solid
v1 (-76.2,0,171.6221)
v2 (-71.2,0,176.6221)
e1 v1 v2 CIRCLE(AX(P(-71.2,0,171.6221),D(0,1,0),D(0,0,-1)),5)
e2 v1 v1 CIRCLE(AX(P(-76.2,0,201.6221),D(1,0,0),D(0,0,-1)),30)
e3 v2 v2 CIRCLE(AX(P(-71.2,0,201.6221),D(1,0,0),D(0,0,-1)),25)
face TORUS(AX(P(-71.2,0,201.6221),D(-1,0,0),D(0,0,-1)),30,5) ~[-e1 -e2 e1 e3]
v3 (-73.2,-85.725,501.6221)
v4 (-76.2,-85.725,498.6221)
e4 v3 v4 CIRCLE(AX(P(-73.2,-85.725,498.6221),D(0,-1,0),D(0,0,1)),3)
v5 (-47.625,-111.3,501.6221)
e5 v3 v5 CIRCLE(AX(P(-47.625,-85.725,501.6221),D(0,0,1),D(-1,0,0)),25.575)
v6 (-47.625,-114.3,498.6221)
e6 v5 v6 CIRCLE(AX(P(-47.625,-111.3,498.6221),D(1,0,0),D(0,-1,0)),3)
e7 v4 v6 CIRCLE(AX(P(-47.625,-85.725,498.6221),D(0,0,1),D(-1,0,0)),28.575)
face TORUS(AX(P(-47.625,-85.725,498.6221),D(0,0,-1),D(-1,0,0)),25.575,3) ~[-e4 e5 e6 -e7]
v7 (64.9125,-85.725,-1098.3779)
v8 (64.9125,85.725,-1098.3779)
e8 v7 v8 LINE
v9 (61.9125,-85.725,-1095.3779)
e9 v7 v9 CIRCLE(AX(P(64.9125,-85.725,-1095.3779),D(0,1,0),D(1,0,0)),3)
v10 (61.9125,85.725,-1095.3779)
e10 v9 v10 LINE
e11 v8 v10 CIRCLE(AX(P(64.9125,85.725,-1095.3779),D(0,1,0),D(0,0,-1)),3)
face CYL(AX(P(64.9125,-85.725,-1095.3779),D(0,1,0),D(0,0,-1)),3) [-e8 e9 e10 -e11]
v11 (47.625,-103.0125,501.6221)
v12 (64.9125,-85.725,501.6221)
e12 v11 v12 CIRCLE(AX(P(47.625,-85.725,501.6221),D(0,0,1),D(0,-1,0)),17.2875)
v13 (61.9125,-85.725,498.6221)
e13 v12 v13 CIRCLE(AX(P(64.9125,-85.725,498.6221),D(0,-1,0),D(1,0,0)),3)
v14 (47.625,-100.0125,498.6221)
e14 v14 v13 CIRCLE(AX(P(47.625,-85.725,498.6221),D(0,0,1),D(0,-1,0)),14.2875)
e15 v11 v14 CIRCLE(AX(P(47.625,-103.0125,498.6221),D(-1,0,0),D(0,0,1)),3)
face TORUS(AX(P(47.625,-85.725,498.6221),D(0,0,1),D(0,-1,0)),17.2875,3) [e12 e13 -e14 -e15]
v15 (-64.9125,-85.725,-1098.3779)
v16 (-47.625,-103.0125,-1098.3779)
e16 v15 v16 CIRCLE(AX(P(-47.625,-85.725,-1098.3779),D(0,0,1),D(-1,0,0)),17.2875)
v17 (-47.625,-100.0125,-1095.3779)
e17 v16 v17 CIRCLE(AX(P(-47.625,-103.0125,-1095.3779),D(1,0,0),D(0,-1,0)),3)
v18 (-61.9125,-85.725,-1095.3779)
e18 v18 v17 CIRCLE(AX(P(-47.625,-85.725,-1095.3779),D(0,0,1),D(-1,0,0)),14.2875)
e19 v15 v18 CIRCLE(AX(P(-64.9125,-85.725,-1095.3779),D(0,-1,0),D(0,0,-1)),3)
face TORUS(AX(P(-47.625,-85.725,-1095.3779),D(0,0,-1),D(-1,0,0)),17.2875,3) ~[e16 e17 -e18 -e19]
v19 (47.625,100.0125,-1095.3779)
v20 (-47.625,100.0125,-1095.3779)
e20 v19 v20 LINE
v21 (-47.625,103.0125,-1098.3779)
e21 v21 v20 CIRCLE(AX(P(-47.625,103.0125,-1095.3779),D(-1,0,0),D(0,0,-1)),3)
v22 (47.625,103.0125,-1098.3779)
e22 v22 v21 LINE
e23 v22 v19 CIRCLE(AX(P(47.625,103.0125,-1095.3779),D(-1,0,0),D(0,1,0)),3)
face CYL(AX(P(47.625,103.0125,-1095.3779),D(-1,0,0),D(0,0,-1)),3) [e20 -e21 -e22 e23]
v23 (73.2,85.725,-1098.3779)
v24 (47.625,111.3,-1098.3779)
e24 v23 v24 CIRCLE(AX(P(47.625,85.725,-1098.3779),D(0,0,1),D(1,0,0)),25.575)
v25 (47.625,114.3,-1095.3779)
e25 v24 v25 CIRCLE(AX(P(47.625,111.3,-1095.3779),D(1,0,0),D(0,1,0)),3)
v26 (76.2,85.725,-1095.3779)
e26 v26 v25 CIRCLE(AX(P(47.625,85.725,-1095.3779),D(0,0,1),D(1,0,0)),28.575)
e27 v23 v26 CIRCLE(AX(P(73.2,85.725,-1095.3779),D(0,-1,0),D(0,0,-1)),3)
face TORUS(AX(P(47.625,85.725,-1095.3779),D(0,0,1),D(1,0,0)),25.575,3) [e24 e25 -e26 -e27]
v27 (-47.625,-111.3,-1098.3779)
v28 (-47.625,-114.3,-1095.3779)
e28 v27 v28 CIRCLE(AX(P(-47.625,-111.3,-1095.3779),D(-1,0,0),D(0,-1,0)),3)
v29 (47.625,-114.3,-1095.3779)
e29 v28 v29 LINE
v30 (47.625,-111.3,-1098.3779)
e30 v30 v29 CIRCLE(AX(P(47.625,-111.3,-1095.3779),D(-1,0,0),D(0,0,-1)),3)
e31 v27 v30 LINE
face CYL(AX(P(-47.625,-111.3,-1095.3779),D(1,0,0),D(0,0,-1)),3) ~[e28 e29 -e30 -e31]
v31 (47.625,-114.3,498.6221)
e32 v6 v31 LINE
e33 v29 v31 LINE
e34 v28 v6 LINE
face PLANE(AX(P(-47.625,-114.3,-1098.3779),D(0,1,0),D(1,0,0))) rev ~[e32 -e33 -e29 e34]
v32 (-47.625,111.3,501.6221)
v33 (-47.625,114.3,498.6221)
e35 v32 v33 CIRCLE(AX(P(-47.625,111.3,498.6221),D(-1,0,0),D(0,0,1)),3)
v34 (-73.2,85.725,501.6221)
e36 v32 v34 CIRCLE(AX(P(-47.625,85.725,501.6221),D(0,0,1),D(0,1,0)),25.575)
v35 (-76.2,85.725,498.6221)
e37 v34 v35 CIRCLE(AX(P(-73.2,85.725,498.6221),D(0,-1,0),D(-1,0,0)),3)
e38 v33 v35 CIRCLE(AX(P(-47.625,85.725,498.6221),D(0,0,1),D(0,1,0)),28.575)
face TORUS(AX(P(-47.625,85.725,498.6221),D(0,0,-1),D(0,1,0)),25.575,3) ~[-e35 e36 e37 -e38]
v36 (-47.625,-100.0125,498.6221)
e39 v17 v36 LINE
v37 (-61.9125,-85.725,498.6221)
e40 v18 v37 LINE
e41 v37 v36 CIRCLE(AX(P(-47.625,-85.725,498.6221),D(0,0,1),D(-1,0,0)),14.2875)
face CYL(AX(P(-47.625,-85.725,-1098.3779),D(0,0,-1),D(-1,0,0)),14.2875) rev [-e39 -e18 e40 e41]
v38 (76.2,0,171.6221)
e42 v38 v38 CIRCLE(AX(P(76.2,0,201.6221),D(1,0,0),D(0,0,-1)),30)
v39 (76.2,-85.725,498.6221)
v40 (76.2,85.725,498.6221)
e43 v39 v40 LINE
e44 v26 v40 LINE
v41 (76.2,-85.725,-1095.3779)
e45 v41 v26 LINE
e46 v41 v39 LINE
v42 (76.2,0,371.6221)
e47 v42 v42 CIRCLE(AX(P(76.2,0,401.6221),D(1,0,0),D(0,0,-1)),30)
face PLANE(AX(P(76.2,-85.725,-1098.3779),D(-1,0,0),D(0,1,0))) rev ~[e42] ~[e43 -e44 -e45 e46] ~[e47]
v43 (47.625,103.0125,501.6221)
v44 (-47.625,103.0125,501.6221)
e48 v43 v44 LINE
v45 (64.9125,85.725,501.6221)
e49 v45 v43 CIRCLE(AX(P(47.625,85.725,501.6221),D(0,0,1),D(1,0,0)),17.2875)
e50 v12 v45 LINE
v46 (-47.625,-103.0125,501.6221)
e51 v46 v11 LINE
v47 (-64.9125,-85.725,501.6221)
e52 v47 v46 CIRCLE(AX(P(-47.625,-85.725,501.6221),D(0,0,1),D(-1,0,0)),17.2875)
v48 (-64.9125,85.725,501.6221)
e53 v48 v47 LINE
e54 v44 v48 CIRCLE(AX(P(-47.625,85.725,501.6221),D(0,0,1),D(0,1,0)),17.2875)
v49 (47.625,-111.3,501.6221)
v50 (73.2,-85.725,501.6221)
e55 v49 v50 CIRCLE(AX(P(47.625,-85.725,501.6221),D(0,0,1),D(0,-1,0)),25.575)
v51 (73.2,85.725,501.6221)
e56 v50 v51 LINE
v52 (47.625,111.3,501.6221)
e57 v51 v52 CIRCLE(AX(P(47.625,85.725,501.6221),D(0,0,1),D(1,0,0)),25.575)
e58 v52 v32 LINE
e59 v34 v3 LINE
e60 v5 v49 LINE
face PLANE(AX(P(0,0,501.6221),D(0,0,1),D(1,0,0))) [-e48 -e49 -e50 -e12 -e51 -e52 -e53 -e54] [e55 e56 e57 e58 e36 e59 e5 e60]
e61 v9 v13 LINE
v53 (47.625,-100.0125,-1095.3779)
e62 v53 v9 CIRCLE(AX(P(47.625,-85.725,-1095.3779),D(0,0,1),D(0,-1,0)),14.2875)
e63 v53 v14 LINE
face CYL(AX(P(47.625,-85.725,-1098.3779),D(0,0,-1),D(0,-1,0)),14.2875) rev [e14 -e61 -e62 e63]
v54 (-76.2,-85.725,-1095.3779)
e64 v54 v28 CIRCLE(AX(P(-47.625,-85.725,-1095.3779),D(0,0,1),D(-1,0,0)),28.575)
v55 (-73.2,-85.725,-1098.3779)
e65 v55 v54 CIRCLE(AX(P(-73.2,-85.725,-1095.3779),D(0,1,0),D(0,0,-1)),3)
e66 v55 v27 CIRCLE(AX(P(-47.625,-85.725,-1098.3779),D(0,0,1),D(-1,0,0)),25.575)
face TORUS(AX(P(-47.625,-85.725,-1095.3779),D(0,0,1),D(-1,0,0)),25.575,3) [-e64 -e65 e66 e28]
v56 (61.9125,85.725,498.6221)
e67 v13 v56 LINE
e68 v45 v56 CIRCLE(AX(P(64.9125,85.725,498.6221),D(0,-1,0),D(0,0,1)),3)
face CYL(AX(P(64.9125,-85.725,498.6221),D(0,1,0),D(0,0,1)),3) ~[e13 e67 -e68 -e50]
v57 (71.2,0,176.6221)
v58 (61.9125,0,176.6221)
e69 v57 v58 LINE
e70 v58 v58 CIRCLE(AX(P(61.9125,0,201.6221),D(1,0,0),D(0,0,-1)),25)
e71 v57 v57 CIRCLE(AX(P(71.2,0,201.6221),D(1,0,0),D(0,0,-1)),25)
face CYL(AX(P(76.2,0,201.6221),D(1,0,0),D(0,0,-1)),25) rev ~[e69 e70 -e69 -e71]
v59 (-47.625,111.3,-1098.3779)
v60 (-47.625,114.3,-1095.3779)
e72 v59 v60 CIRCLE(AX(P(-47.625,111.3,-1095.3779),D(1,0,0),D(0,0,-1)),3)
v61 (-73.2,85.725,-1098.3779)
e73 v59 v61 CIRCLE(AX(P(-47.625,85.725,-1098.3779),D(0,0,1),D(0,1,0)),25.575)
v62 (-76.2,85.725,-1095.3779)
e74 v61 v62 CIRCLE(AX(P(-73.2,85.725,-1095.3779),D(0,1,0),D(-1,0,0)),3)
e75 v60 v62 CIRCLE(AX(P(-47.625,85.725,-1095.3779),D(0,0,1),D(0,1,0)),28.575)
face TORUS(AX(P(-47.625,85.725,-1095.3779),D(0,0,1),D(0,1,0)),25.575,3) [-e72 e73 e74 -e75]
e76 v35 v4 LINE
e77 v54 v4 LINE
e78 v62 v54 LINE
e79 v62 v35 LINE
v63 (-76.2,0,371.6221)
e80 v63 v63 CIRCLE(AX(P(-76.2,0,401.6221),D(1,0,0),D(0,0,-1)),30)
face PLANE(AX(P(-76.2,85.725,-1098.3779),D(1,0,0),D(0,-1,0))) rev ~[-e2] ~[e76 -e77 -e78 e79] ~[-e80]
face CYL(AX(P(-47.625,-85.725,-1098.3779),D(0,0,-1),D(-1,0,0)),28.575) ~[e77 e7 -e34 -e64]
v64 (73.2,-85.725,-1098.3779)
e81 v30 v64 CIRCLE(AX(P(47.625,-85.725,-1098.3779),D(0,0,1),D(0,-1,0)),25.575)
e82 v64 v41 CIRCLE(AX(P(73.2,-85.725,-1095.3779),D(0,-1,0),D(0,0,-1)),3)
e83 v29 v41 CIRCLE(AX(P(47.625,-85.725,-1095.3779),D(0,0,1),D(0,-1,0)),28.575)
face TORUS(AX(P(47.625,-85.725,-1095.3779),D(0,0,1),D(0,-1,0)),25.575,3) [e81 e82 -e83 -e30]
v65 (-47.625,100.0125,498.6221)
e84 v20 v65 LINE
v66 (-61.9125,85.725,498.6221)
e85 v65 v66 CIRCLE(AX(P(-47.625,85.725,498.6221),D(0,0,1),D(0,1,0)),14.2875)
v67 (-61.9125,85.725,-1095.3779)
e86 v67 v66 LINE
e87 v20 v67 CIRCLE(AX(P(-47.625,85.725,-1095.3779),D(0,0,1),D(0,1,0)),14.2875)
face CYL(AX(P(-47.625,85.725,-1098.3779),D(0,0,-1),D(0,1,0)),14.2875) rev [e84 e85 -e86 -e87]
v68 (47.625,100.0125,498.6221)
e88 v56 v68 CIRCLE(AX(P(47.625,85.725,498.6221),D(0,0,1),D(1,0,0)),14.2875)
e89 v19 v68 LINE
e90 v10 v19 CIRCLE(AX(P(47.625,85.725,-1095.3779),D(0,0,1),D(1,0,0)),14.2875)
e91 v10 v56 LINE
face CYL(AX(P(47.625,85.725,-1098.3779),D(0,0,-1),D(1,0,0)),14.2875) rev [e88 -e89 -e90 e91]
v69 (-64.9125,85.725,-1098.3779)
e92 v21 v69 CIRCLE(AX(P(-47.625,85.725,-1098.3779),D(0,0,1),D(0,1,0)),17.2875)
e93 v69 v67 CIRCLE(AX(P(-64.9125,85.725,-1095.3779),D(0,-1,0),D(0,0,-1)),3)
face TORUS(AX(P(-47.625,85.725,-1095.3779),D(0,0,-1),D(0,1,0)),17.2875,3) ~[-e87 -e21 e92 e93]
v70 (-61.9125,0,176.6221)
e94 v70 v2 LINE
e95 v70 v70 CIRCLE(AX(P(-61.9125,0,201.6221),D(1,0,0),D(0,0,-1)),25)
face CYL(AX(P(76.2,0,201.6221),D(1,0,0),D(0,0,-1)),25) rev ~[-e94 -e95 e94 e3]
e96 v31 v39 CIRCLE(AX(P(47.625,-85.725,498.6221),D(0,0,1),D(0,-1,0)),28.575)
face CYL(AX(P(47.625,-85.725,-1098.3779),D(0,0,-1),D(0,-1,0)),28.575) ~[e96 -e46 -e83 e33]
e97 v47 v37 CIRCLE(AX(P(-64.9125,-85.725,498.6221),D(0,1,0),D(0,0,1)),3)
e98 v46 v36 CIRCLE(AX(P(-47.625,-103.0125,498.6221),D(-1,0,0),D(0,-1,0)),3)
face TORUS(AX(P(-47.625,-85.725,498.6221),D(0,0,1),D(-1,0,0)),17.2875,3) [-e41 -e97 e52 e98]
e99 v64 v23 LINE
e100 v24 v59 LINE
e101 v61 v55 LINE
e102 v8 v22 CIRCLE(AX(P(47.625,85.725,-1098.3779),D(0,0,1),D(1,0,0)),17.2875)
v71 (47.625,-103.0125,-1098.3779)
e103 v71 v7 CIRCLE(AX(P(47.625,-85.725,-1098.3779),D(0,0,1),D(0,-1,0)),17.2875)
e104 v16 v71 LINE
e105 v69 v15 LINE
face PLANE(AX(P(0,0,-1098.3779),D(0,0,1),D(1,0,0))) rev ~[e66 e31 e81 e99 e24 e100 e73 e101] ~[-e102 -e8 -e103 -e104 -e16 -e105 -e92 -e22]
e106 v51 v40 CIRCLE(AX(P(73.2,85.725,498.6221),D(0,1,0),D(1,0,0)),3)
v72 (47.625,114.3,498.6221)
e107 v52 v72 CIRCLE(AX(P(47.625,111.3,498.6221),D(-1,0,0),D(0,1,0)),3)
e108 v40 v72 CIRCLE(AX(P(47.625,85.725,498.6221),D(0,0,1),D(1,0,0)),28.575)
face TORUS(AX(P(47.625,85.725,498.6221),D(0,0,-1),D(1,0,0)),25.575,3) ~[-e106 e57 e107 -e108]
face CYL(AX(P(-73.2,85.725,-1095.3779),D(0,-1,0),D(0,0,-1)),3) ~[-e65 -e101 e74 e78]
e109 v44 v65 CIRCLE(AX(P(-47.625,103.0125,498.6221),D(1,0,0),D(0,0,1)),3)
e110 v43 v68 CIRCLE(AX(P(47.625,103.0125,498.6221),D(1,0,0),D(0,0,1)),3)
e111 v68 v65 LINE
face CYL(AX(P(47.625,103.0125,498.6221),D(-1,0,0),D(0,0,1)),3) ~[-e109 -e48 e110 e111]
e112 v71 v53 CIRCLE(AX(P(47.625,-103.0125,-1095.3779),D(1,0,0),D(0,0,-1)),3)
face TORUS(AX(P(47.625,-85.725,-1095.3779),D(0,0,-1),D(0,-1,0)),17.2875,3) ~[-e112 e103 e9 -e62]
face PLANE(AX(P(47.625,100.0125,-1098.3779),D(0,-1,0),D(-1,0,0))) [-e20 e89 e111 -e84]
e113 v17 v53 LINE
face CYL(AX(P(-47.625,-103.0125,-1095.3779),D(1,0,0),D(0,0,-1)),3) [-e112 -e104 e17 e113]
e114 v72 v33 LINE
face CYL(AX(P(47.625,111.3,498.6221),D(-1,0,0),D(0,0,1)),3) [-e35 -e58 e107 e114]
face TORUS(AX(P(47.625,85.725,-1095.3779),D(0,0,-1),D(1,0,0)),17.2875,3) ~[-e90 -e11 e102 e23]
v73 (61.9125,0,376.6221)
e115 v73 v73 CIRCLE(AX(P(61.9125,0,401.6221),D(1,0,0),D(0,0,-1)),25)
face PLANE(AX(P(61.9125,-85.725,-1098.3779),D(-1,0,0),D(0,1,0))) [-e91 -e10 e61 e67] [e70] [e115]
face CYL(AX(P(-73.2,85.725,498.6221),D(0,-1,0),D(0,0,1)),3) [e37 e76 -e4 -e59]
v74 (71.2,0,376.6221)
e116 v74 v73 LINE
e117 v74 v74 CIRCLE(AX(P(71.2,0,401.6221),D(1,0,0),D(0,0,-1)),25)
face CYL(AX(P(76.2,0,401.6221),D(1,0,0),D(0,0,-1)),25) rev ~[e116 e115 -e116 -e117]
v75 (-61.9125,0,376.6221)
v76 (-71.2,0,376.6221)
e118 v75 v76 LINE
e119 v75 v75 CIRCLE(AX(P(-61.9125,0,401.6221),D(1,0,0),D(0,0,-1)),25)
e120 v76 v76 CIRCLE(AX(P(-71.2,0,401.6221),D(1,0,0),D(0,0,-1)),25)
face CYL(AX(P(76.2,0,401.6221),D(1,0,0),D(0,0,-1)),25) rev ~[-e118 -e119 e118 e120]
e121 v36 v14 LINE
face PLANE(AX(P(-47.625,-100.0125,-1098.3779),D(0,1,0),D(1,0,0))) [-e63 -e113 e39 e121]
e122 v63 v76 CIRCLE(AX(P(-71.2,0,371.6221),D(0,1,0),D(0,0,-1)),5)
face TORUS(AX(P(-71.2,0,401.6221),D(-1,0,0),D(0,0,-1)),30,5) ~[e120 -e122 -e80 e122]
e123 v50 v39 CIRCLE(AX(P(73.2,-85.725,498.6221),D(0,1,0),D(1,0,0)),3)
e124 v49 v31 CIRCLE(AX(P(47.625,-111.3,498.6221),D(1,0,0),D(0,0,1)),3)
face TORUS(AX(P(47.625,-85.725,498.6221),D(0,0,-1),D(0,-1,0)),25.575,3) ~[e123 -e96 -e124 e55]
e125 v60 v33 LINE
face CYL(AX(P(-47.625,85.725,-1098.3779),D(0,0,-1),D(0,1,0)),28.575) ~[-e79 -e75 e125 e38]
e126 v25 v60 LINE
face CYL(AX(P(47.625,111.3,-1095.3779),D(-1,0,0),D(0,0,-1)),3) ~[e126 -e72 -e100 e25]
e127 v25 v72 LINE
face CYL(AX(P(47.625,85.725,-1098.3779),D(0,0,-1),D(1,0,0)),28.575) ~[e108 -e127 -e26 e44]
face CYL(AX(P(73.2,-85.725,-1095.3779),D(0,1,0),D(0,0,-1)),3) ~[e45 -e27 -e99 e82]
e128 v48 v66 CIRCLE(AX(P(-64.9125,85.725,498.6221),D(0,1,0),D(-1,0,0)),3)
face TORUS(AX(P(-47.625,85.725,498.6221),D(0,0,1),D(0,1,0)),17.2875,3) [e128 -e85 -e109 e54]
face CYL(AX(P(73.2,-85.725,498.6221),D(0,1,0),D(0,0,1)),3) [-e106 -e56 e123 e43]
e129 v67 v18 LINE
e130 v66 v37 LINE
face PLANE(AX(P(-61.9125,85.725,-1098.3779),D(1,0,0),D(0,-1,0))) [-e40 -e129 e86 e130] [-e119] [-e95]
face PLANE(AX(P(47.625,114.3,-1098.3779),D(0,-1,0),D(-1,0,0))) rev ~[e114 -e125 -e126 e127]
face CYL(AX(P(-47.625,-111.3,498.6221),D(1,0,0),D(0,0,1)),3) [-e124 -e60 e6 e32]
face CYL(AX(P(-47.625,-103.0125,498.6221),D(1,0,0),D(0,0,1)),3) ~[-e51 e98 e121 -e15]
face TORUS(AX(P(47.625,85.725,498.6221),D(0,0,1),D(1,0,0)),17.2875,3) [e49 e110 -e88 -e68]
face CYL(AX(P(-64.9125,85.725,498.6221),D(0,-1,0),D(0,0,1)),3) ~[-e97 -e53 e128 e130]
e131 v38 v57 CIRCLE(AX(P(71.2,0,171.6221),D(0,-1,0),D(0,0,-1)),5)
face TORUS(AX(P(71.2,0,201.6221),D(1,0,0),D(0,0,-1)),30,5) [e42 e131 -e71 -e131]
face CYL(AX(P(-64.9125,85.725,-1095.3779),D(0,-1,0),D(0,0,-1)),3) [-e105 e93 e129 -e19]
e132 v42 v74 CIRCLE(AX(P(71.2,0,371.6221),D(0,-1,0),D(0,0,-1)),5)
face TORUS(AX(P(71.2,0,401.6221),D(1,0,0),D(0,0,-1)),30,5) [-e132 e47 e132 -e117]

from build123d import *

# Parameters (mm, degrees)
TUBE_RECTANGULAR_TR9X6X0_5625_1_DEPTH = 1600
SKETCH130_R                           = 25
CUT_EXTRUDE1_DEPTH                    = 1115.775430818
FILLET2_R                             = 5
FILLET3_R                             = 3


with BuildPart() as part:
    # Sketch129 → Tube rectangular TR9X6X0.5625(1) (new body)
    with BuildSketch(Plane.XY.offset(-1098.377899976)):
        with BuildLine():
            Line((-47.625, -114.3), (47.625, -114.3))
            ThreePointArc((47.625, -114.3), (67.830576272, -105.930576272), (76.2, -85.725))
            Line((76.2, -85.725), (76.2, 85.725))
            ThreePointArc((76.2, 85.725), (67.830576272, 105.930576272), (47.625, 114.3))
            Line((47.625, 114.3), (-47.625, 114.3))
            ThreePointArc((-47.625, 114.3), (-67.830576272, 105.930576272), (-76.2, 85.725))
            Line((-76.2, 85.725), (-76.2, -85.725))
            ThreePointArc((-76.2, -85.725), (-67.830576272, -105.930576272), (-47.625, -114.3))
        make_face()
        with BuildLine():
            Line((-47.625, -100.0125), (47.625, -100.0125))
            ThreePointArc((47.625, -100.0125), (57.727788136, -95.827788136), (61.9125, -85.725))
            Line((61.9125, -85.725), (61.9125, 85.725))
            ThreePointArc((61.9125, 85.725), (57.727788136, 95.827788136), (47.625, 100.0125))
            Line((47.625, 100.0125), (-47.625, 100.0125))
            ThreePointArc((-47.625, 100.0125), (-57.727788136, 95.827788136), (-61.9125, 85.725))
            Line((-61.9125, 85.725), (-61.9125, -85.725))
            ThreePointArc((-61.9125, -85.725), (-57.727788136, -95.827788136), (-47.625, -100.0125))
        make_face(mode=Mode.SUBTRACT)
    extrude(amount=TUBE_RECTANGULAR_TR9X6X0_5625_1_DEPTH)

    # Sketch130 → Cut-Extrude1 (cut, through all)
    with BuildSketch(Plane(origin=(76.2, 0, 0), x_dir=(0, 0, -1), z_dir=(1, 0, 0))):
        with Locations((-401.622100024, 0)):
            Circle(SKETCH130_R)
        with Locations((-201.622100024, 0)):
            Circle(SKETCH130_R)
    extrude(amount=-CUT_EXTRUDE1_DEPTH, mode=Mode.SUBTRACT)

    # Fillet2
    fillet2_edges = [part.edges().sort_by_distance(p)[0] for p in [
        (-76.2, 0, 426.622100024),
        (76.2, 0, 426.622100024),
        (-76.2, 0, 226.622100024),
        (76.2, 0, 226.622100024),
    ]]
    fillet(fillet2_edges, radius=FILLET2_R)

    # Fillet3
    fillet3_edges = [part.edges().sort_by_distance(p)[0] for p in [
        (0, 100.0125, 501.622100024),
        (57.727788136, 95.827788136, 501.622100024),
        (76.2, 0, -1098.377899976),
        (67.830576272, -105.930576272, -1098.377899976),
        (0, -114.3, -1098.377899976),
        (-67.830576272, -105.930576272, -1098.377899976),
        (-76.2, 0, -1098.377899976),
        (61.9125, 0, 501.622100024),
        (-67.830576272, 105.930576272, -1098.377899976),
        (0, 114.3, -1098.377899976),
        (67.830576272, 105.930576272, -1098.377899976),
        (-61.9125, 0, -1098.377899976),
        (-57.727788136, -95.827788136, -1098.377899976),
        (0, -100.0125, -1098.377899976),
        (57.727788136, -95.827788136, -1098.377899976),
        (61.9125, 0, -1098.377899976),
        (57.727788136, 95.827788136, -1098.377899976),
        (0, 100.0125, -1098.377899976),
        (57.727788136, -95.827788136, 501.622100024),
        (-57.727788136, 95.827788136, -1098.377899976),
        (0, -100.0125, 501.622100024),
        (-57.727788136, -95.827788136, 501.622100024),
        (-61.9125, 0, 501.622100024),
        (67.830576272, 105.930576272, 501.622100024),
        (0, 114.3, 501.622100024),
        (-67.830576272, 105.930576272, 501.622100024),
        (-76.2, 0, 501.622100024),
        (-67.830576272, -105.930576272, 501.622100024),
        (0, -114.3, 501.622100024),
        (-57.727788136, 95.827788136, 501.622100024),
        (67.830576272, -105.930576272, 501.622100024),
        (76.2, 0, 501.622100024),
    ]]
    fillet(fillet3_edges, radius=FILLET3_R)


solid = part.part
